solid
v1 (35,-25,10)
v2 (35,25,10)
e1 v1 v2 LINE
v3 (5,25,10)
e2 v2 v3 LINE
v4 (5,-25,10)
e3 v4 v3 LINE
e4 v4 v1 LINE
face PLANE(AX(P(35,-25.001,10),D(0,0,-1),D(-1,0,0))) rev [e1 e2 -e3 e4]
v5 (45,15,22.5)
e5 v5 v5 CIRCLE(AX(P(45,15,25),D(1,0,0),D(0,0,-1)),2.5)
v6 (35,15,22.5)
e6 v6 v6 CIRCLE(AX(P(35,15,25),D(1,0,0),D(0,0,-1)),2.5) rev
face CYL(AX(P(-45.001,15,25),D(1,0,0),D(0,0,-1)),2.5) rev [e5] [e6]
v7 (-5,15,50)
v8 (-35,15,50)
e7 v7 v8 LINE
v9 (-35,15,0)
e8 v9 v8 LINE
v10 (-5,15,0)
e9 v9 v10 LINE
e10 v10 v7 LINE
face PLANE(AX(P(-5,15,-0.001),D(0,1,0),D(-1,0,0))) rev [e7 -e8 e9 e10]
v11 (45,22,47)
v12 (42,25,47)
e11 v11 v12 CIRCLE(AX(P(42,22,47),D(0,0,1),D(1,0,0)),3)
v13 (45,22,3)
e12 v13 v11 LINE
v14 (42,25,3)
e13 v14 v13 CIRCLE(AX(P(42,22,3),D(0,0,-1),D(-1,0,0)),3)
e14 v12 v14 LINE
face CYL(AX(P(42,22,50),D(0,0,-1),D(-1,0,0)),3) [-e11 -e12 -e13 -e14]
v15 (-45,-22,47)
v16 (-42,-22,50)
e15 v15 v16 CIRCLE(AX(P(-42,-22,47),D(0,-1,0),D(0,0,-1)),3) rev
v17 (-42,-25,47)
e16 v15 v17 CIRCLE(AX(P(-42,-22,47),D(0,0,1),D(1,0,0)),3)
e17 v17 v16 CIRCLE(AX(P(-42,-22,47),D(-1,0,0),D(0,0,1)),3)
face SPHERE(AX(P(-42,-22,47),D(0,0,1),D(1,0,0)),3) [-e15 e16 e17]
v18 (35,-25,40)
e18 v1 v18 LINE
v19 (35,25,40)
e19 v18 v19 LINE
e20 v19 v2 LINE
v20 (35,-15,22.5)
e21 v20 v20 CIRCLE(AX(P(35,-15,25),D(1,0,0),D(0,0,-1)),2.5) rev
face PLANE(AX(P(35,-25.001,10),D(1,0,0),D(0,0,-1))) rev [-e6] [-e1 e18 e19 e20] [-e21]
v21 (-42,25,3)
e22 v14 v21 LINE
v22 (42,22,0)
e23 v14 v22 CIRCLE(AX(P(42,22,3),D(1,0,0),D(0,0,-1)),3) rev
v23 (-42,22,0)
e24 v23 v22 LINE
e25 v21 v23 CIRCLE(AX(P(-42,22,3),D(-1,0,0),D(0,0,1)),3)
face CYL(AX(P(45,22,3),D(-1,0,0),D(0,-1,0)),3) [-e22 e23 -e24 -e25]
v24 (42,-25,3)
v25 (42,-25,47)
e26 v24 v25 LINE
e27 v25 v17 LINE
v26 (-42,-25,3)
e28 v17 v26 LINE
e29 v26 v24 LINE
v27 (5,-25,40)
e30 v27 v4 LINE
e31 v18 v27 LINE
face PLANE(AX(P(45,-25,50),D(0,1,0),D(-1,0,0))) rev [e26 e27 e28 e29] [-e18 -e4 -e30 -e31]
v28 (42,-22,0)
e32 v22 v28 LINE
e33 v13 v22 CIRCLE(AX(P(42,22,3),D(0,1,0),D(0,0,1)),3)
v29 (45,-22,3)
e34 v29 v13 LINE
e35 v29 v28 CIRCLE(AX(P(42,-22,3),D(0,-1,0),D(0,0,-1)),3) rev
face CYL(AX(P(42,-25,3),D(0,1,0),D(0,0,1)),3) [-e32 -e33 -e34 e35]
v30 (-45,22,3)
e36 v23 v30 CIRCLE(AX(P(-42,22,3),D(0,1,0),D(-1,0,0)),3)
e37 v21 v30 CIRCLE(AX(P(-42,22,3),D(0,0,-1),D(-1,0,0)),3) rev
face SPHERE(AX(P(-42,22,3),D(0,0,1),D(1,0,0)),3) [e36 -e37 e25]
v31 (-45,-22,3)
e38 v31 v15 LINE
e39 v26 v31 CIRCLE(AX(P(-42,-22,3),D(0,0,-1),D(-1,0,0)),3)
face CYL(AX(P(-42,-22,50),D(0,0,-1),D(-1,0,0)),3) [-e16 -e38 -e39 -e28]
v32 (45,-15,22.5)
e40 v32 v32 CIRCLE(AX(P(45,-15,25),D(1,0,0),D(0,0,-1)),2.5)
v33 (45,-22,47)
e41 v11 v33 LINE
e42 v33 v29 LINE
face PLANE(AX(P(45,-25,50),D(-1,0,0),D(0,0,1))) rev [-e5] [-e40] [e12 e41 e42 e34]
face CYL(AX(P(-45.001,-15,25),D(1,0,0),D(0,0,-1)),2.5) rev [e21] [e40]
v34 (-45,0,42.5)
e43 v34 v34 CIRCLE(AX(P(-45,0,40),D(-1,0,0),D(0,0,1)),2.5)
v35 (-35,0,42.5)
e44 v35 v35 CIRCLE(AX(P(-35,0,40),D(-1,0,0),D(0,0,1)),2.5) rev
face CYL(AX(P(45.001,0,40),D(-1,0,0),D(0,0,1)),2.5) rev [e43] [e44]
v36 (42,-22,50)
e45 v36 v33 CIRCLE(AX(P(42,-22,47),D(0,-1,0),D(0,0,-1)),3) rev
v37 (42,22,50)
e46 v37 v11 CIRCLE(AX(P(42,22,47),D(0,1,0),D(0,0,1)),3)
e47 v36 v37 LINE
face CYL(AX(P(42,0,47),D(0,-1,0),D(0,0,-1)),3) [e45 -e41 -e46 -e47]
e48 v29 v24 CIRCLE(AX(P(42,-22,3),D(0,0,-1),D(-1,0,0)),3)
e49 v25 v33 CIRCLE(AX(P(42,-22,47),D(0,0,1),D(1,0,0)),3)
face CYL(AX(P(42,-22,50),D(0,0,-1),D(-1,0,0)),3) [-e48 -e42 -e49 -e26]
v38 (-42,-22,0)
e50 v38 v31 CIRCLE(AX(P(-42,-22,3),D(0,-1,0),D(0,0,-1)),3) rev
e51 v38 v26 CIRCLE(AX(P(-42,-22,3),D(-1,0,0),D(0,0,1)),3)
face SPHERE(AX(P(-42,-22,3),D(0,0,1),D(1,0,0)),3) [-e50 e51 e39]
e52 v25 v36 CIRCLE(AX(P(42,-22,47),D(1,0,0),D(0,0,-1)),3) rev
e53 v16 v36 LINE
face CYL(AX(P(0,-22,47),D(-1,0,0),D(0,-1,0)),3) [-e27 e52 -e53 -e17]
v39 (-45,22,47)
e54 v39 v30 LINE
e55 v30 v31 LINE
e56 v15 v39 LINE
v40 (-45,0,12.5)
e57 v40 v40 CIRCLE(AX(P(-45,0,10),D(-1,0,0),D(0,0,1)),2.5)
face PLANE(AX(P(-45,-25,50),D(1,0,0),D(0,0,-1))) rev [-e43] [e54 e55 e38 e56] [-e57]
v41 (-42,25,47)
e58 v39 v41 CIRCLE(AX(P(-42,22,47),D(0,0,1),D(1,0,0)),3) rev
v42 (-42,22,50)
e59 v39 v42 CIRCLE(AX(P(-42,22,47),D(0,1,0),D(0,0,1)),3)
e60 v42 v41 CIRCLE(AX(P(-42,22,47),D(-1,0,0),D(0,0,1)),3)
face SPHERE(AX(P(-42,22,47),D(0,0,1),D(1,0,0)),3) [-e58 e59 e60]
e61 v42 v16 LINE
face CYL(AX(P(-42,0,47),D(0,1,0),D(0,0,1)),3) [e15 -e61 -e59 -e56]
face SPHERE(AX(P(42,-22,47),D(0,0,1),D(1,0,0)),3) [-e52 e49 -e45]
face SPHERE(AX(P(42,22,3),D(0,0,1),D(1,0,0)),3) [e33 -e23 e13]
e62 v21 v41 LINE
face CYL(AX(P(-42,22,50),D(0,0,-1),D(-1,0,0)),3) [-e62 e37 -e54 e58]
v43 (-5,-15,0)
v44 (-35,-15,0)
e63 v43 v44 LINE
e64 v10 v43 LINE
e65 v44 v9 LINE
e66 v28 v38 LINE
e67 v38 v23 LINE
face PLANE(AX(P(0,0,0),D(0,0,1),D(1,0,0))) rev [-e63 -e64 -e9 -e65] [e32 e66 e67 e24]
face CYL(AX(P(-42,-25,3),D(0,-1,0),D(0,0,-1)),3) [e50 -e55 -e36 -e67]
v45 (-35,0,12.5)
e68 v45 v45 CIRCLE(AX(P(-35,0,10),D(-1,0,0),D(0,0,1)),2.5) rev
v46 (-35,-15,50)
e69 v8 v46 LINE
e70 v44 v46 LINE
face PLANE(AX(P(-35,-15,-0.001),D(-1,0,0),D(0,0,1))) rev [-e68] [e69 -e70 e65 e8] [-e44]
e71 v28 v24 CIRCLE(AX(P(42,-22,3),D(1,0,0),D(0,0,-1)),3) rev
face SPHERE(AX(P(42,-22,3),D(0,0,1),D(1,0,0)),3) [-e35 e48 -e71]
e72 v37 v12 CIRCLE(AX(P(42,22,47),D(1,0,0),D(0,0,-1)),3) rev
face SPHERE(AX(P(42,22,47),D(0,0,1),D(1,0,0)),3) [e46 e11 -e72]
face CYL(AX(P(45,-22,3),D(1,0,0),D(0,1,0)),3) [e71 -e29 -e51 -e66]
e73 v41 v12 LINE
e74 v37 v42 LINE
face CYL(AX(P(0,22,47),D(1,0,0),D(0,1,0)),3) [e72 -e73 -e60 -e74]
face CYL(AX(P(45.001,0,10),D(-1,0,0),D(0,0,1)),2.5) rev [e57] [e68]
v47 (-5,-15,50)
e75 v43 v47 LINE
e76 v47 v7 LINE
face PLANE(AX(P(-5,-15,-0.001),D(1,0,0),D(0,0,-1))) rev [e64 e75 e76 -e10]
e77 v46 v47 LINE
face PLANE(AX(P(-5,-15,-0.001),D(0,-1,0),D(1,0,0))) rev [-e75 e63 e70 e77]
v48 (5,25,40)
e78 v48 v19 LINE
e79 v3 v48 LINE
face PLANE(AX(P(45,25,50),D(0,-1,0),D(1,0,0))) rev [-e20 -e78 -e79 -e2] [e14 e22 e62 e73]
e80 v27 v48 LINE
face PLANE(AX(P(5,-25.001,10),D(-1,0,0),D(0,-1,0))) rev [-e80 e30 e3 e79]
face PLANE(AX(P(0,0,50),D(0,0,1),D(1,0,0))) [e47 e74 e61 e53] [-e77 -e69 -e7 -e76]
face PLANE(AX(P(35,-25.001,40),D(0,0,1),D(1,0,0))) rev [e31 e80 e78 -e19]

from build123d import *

# Parameters (mm, degrees)
SKETCH1_W           = 90
SKETCH1_H           = 50
BOSS_EXTRUDE1_DEPTH = 50
CUT_EXTRUDE1_REACH  = 52
SKETCH2_W           = 30
SKETCH2_H           = 30
CUT_EXTRUDE2_REACH  = 52
SKETCH3_W           = 30
SKETCH3_H           = 30
FILLET1_R           = 3
CUT_EXTRUDE3_REACH  = 92
SKETCH4_R           = 2.5
CUT_EXTRUDE4_REACH  = 92
SKETCH5_R           = 2.5


with BuildPart() as part:
    # Sketch1 → Boss-Extrude1 (new body)
    with BuildSketch(Plane.XY):
        Rectangle(SKETCH1_W, SKETCH1_H)
    extrude(amount=BOSS_EXTRUDE1_DEPTH)

    # Sketch2 → Cut-Extrude1 (cut, up to next)
    with BuildSketch(Plane.XY.offset(50), mode=Mode.PRIVATE) as cut_extrude1_sk1:
        with Locations((-20, 0)):
            Rectangle(SKETCH2_W, SKETCH2_H)
    cut_extrude1_tool1 = extrude(cut_extrude1_sk1.sketch, amount=-CUT_EXTRUDE1_REACH, mode=Mode.PRIVATE) & part.part
    add(cut_extrude1_tool1.solids().sort_by_distance((-20, 0, 50))[0], mode=Mode.SUBTRACT)

    # Sketch3 → Cut-Extrude2 (cut, up to next)
    with BuildSketch(Plane(origin=(0, 25, 0), x_dir=(1, 0, 0), z_dir=(0, 1, 0)), mode=Mode.PRIVATE) as cut_extrude2_sk1:
        with Locations((20, -25)):
            Rectangle(SKETCH3_W, SKETCH3_H)
    cut_extrude2_tool1 = extrude(cut_extrude2_sk1.sketch, amount=-CUT_EXTRUDE2_REACH, mode=Mode.PRIVATE) & part.part
    add(cut_extrude2_tool1.solids().sort_by_distance((20, 25, 25))[0], mode=Mode.SUBTRACT)

    # Fillet1
    fillet1_edges = [part.edges().sort_by_distance(p)[0] for p in [
        (45, 0, 50),
        (0, 25, 50),
        (-45, 0, 50),
        (0, 25, 0),
        (45, 0, 0),
        (0, -25, 0),
        (-45, 0, 0),
        (-45, 25, 25),
        (45, 25, 25),
        (45, -25, 25),
        (-45, -25, 25),
        (0, -25, 50),
    ]]
    fillet(fillet1_edges, radius=FILLET1_R)

    # Sketch4 → Cut-Extrude3 (cut, up to next)
    with BuildSketch(Plane.ZY.offset(45), mode=Mode.PRIVATE) as cut_extrude3_sk1:
        with Locations((10, 0)):
            Circle(SKETCH4_R)
    cut_extrude3_tool1 = extrude(cut_extrude3_sk1.sketch, amount=-CUT_EXTRUDE3_REACH, mode=Mode.PRIVATE) & part.part
    add(cut_extrude3_tool1.solids().sort_by_distance((-45, 0, 10))[0], mode=Mode.SUBTRACT)
    # Sketch4 → Cut-Extrude3 (cut, up to next)
    with BuildSketch(Plane.ZY.offset(45), mode=Mode.PRIVATE) as cut_extrude3_sk2:
        with Locations((40, 0)):
            Circle(SKETCH4_R)
    cut_extrude3_tool2 = extrude(cut_extrude3_sk2.sketch, amount=-CUT_EXTRUDE3_REACH, mode=Mode.PRIVATE) & part.part
    add(cut_extrude3_tool2.solids().sort_by_distance((-45, 0, 40))[0], mode=Mode.SUBTRACT)

    # Sketch5 → Cut-Extrude4 (cut, up to next)
    with BuildSketch(Plane(origin=(45, 0, 0), x_dir=(0, 0, -1), z_dir=(1, 0, 0)), mode=Mode.PRIVATE) as cut_extrude4_sk1:
        with Locations((-25, 15)):
            Circle(SKETCH5_R)
    cut_extrude4_tool1 = extrude(cut_extrude4_sk1.sketch, amount=-CUT_EXTRUDE4_REACH, mode=Mode.PRIVATE) & part.part
    add(cut_extrude4_tool1.solids().sort_by_distance((45, 15, 25))[0], mode=Mode.SUBTRACT)
    # Sketch5 → Cut-Extrude4 (cut, up to next)
    with BuildSketch(Plane(origin=(45, 0, 0), x_dir=(0, 0, -1), z_dir=(1, 0, 0)), mode=Mode.PRIVATE) as cut_extrude4_sk2:
        with Locations((-25, -15)):
            Circle(SKETCH5_R)
    cut_extrude4_tool2 = extrude(cut_extrude4_sk2.sketch, amount=-CUT_EXTRUDE4_REACH, mode=Mode.PRIVATE) & part.part
    add(cut_extrude4_tool2.solids().sort_by_distance((45, -15, 25))[0], mode=Mode.SUBTRACT)


solid = part.part
